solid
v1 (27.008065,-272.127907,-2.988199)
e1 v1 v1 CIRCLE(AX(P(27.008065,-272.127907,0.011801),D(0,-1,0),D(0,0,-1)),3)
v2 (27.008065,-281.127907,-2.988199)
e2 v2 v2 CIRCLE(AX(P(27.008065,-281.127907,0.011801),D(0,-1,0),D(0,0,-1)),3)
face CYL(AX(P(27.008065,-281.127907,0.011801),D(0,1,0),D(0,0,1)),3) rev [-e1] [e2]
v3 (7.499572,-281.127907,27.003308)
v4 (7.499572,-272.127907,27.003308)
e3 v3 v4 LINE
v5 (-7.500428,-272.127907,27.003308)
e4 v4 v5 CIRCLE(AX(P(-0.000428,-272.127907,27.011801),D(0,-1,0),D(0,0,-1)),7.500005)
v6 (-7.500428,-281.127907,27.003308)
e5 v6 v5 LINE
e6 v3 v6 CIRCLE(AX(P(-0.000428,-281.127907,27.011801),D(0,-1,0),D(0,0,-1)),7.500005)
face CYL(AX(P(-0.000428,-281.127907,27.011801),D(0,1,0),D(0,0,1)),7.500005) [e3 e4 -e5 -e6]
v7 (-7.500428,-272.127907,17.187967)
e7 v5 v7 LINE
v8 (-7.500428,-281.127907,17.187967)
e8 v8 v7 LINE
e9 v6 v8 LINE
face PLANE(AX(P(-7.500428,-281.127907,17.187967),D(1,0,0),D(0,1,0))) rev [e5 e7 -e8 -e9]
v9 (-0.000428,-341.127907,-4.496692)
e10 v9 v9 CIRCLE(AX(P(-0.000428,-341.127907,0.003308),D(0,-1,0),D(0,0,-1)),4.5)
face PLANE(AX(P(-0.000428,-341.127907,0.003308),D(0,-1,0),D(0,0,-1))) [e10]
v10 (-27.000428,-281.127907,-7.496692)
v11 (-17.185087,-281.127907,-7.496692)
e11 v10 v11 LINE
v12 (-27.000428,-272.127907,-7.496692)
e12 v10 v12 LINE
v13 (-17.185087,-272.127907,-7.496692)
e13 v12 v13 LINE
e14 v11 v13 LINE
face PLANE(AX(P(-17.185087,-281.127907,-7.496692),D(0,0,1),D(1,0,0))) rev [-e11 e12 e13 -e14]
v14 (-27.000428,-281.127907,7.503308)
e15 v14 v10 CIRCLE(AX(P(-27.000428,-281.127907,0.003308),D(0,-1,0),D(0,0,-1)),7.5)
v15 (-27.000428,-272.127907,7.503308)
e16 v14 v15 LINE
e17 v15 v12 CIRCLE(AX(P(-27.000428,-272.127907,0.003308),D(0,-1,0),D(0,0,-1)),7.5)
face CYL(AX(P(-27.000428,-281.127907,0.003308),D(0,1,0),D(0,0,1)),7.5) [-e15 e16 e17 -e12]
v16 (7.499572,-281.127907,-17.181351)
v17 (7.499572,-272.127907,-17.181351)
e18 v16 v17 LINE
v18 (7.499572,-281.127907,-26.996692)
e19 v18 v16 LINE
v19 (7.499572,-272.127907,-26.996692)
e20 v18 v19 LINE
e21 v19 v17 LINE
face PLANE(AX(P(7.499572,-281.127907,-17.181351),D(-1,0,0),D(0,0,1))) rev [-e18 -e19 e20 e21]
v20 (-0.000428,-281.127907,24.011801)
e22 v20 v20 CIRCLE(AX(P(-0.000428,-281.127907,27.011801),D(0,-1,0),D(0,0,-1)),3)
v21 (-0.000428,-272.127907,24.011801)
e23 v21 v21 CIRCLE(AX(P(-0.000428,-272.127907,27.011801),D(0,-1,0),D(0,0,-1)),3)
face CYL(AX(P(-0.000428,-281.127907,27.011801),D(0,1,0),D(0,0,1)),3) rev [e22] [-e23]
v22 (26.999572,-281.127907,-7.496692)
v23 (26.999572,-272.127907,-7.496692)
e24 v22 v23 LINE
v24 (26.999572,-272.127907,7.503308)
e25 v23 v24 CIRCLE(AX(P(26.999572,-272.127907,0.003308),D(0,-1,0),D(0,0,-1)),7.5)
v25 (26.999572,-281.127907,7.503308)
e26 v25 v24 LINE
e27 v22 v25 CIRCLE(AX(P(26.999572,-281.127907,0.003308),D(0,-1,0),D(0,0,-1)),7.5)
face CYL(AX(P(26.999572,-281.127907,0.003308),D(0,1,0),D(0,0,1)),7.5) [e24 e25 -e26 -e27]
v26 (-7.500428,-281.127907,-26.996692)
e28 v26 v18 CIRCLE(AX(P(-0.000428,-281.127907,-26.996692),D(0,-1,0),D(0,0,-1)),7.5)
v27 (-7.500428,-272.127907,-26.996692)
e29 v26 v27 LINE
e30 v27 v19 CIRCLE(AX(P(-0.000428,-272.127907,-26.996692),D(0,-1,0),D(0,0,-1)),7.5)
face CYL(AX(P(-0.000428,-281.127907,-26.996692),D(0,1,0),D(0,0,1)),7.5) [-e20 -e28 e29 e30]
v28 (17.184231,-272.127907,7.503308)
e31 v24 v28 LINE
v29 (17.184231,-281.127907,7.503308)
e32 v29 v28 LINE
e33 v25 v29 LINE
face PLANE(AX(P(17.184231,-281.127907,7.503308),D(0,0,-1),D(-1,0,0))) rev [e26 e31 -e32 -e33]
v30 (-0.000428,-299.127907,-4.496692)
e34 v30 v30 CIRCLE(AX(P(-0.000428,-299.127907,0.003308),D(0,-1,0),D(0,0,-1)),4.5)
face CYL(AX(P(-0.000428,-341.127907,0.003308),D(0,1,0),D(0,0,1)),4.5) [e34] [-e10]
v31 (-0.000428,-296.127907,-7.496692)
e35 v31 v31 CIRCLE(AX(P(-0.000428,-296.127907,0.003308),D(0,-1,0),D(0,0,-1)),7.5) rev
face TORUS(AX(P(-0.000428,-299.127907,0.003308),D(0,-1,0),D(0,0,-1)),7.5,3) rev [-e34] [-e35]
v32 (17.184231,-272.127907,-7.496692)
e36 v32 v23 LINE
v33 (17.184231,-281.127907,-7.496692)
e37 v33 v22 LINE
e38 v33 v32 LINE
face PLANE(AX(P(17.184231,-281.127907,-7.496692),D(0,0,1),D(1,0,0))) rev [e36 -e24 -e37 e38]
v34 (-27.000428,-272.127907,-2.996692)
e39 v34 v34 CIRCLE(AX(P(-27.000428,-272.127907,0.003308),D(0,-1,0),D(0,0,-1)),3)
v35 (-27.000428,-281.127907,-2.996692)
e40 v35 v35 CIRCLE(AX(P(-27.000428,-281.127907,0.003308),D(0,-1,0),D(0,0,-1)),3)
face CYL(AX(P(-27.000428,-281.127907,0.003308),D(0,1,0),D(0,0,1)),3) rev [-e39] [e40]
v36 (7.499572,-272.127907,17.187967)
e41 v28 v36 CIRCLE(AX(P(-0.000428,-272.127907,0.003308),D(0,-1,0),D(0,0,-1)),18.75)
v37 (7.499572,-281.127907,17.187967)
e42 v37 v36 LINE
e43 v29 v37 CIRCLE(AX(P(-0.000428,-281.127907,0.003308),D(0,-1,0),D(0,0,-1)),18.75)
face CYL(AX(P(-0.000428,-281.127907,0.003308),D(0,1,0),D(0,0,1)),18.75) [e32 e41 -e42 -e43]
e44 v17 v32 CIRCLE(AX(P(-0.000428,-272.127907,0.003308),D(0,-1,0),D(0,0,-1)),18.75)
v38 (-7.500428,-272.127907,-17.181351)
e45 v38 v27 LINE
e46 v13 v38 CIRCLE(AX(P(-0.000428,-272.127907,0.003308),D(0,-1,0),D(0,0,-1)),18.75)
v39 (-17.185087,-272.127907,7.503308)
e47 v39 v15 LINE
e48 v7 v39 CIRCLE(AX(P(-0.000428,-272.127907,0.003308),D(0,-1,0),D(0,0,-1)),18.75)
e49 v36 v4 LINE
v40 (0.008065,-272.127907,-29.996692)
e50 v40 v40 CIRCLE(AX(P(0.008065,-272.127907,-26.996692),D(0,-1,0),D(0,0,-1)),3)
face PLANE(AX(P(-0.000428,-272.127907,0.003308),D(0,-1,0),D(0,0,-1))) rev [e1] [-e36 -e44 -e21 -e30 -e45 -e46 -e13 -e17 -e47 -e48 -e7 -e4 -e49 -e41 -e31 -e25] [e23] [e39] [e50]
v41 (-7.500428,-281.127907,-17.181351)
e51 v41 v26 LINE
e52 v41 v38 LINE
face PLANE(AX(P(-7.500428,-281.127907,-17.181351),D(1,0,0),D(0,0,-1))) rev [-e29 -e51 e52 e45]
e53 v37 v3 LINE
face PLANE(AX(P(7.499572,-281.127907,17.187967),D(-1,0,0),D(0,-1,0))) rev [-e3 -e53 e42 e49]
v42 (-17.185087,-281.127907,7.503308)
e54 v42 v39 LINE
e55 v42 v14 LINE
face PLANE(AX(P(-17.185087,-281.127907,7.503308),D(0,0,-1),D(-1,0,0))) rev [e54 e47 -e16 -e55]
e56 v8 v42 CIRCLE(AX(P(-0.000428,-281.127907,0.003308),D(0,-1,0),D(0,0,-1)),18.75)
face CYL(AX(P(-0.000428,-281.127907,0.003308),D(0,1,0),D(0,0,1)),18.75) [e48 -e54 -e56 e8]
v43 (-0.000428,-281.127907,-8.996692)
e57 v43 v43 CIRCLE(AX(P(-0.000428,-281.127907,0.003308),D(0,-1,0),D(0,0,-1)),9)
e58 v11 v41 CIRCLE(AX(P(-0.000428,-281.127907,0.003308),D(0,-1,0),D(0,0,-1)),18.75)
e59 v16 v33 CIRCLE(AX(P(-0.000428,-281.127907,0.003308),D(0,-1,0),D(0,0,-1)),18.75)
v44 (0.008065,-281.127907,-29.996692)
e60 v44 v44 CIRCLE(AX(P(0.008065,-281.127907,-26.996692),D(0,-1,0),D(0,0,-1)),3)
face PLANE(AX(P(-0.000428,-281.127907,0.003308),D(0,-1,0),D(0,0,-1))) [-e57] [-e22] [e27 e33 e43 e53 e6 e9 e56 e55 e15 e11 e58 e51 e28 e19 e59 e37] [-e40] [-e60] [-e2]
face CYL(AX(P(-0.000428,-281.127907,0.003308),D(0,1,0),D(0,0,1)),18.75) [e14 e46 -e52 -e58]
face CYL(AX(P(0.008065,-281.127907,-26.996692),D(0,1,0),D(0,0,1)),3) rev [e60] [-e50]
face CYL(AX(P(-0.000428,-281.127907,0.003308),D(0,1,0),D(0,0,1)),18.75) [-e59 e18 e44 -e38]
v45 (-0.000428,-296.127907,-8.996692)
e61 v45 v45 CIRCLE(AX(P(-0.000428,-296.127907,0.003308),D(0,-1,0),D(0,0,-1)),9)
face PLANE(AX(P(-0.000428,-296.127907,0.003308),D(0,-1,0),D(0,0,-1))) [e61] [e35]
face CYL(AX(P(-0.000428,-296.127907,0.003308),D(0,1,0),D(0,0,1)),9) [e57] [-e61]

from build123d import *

# Parameters (mm, degrees)
SKETCH2_R           = 10
BOSS_EXTRUDE1_DEPTH = 30
SKETCH3_R           = 30
BOSS_EXTRUDE2_DEPTH = 50
SKETCH3_3_R         = 15
BOSS_EXTRUDE3_DEPTH = 200
FILLET1_R           = 10
SCALE1_SCALE        = 0.3


with BuildPart() as part:
    # Sketch2 → Boss-Extrude1 (new body)
    with BuildSketch(Plane.XZ.offset(245.071627094)):
        with BuildLine():
            Line((57.282196187, 25), (90, 25))
            ThreePointArc((90, 25), (115, 0), (90, -25))
            Line((90, -25), (57.282196187, -25))
            ThreePointArc((57.282196187, -25), (44.194173824, -44.194173824), (25, -57.282196187))
            Line((25, -57.282196187), (25, -90))
            ThreePointArc((25, -90), (0, -115), (-25, -90))
            Line((-25, -90), (-25, -57.282196187))
            ThreePointArc((-25, -57.282196187), (-44.194173824, -44.194173824), (-57.282196187, -25))
            Line((-57.282196187, -25), (-90, -25))
            ThreePointArc((-90, -25), (-115, 0), (-90, 25))
            Line((-90, 25), (-57.282196187, 25))
            ThreePointArc((-57.282196187, 25), (-44.194173824, 44.194173824), (-25, 57.282196187))
            Line((-25, 57.282196187), (-25, 90))
            ThreePointArc((-25, 90), (0, 115.02832634), (25, 90))
            Line((25, 90), (25, 57.282196187))
            ThreePointArc((25, 57.282196187), (44.194173824, 44.194173824), (57.282196187, 25))
        make_face()
        with Locations((0, 90.028310311)):
            Circle(SKETCH2_R, mode=Mode.SUBTRACT)
        with Locations((90.028310311, 0.028310311)):
            Circle(SKETCH2_R, mode=Mode.SUBTRACT)
        with Locations((0.028310311, -90)):
            Circle(SKETCH2_R, mode=Mode.SUBTRACT)
        with Locations((-90, 0)):
            Circle(SKETCH2_R, mode=Mode.SUBTRACT)
    extrude(amount=BOSS_EXTRUDE1_DEPTH)

    # Sketch3 → Boss-Extrude2 (add)
    with BuildSketch(Plane.XZ.offset(275.071627094)):
        Circle(SKETCH3_R)
    extrude(amount=BOSS_EXTRUDE2_DEPTH)

    # Sketch3<3> → Boss-Extrude3 (add)
    with BuildSketch(Plane.XZ.offset(275.071627094)):
        Circle(SKETCH3_3_R)
    extrude(amount=BOSS_EXTRUDE3_DEPTH)

    # Fillet1
    fillet1_edges = [part.edges().sort_by_distance(p)[0] for p in [
        (-15, -325.071627094, 0),
    ]]
    fillet(fillet1_edges, radius=FILLET1_R)


with BuildPart() as part_1:
    # Scale1: scaled about (-0.000611067, -283.723455746, 0.004725438)
    add(part.part.scale(SCALE1_SCALE).moved(Location((-0.000427747, -198.606419022, 0.003307807))))


solid = part_1.part
